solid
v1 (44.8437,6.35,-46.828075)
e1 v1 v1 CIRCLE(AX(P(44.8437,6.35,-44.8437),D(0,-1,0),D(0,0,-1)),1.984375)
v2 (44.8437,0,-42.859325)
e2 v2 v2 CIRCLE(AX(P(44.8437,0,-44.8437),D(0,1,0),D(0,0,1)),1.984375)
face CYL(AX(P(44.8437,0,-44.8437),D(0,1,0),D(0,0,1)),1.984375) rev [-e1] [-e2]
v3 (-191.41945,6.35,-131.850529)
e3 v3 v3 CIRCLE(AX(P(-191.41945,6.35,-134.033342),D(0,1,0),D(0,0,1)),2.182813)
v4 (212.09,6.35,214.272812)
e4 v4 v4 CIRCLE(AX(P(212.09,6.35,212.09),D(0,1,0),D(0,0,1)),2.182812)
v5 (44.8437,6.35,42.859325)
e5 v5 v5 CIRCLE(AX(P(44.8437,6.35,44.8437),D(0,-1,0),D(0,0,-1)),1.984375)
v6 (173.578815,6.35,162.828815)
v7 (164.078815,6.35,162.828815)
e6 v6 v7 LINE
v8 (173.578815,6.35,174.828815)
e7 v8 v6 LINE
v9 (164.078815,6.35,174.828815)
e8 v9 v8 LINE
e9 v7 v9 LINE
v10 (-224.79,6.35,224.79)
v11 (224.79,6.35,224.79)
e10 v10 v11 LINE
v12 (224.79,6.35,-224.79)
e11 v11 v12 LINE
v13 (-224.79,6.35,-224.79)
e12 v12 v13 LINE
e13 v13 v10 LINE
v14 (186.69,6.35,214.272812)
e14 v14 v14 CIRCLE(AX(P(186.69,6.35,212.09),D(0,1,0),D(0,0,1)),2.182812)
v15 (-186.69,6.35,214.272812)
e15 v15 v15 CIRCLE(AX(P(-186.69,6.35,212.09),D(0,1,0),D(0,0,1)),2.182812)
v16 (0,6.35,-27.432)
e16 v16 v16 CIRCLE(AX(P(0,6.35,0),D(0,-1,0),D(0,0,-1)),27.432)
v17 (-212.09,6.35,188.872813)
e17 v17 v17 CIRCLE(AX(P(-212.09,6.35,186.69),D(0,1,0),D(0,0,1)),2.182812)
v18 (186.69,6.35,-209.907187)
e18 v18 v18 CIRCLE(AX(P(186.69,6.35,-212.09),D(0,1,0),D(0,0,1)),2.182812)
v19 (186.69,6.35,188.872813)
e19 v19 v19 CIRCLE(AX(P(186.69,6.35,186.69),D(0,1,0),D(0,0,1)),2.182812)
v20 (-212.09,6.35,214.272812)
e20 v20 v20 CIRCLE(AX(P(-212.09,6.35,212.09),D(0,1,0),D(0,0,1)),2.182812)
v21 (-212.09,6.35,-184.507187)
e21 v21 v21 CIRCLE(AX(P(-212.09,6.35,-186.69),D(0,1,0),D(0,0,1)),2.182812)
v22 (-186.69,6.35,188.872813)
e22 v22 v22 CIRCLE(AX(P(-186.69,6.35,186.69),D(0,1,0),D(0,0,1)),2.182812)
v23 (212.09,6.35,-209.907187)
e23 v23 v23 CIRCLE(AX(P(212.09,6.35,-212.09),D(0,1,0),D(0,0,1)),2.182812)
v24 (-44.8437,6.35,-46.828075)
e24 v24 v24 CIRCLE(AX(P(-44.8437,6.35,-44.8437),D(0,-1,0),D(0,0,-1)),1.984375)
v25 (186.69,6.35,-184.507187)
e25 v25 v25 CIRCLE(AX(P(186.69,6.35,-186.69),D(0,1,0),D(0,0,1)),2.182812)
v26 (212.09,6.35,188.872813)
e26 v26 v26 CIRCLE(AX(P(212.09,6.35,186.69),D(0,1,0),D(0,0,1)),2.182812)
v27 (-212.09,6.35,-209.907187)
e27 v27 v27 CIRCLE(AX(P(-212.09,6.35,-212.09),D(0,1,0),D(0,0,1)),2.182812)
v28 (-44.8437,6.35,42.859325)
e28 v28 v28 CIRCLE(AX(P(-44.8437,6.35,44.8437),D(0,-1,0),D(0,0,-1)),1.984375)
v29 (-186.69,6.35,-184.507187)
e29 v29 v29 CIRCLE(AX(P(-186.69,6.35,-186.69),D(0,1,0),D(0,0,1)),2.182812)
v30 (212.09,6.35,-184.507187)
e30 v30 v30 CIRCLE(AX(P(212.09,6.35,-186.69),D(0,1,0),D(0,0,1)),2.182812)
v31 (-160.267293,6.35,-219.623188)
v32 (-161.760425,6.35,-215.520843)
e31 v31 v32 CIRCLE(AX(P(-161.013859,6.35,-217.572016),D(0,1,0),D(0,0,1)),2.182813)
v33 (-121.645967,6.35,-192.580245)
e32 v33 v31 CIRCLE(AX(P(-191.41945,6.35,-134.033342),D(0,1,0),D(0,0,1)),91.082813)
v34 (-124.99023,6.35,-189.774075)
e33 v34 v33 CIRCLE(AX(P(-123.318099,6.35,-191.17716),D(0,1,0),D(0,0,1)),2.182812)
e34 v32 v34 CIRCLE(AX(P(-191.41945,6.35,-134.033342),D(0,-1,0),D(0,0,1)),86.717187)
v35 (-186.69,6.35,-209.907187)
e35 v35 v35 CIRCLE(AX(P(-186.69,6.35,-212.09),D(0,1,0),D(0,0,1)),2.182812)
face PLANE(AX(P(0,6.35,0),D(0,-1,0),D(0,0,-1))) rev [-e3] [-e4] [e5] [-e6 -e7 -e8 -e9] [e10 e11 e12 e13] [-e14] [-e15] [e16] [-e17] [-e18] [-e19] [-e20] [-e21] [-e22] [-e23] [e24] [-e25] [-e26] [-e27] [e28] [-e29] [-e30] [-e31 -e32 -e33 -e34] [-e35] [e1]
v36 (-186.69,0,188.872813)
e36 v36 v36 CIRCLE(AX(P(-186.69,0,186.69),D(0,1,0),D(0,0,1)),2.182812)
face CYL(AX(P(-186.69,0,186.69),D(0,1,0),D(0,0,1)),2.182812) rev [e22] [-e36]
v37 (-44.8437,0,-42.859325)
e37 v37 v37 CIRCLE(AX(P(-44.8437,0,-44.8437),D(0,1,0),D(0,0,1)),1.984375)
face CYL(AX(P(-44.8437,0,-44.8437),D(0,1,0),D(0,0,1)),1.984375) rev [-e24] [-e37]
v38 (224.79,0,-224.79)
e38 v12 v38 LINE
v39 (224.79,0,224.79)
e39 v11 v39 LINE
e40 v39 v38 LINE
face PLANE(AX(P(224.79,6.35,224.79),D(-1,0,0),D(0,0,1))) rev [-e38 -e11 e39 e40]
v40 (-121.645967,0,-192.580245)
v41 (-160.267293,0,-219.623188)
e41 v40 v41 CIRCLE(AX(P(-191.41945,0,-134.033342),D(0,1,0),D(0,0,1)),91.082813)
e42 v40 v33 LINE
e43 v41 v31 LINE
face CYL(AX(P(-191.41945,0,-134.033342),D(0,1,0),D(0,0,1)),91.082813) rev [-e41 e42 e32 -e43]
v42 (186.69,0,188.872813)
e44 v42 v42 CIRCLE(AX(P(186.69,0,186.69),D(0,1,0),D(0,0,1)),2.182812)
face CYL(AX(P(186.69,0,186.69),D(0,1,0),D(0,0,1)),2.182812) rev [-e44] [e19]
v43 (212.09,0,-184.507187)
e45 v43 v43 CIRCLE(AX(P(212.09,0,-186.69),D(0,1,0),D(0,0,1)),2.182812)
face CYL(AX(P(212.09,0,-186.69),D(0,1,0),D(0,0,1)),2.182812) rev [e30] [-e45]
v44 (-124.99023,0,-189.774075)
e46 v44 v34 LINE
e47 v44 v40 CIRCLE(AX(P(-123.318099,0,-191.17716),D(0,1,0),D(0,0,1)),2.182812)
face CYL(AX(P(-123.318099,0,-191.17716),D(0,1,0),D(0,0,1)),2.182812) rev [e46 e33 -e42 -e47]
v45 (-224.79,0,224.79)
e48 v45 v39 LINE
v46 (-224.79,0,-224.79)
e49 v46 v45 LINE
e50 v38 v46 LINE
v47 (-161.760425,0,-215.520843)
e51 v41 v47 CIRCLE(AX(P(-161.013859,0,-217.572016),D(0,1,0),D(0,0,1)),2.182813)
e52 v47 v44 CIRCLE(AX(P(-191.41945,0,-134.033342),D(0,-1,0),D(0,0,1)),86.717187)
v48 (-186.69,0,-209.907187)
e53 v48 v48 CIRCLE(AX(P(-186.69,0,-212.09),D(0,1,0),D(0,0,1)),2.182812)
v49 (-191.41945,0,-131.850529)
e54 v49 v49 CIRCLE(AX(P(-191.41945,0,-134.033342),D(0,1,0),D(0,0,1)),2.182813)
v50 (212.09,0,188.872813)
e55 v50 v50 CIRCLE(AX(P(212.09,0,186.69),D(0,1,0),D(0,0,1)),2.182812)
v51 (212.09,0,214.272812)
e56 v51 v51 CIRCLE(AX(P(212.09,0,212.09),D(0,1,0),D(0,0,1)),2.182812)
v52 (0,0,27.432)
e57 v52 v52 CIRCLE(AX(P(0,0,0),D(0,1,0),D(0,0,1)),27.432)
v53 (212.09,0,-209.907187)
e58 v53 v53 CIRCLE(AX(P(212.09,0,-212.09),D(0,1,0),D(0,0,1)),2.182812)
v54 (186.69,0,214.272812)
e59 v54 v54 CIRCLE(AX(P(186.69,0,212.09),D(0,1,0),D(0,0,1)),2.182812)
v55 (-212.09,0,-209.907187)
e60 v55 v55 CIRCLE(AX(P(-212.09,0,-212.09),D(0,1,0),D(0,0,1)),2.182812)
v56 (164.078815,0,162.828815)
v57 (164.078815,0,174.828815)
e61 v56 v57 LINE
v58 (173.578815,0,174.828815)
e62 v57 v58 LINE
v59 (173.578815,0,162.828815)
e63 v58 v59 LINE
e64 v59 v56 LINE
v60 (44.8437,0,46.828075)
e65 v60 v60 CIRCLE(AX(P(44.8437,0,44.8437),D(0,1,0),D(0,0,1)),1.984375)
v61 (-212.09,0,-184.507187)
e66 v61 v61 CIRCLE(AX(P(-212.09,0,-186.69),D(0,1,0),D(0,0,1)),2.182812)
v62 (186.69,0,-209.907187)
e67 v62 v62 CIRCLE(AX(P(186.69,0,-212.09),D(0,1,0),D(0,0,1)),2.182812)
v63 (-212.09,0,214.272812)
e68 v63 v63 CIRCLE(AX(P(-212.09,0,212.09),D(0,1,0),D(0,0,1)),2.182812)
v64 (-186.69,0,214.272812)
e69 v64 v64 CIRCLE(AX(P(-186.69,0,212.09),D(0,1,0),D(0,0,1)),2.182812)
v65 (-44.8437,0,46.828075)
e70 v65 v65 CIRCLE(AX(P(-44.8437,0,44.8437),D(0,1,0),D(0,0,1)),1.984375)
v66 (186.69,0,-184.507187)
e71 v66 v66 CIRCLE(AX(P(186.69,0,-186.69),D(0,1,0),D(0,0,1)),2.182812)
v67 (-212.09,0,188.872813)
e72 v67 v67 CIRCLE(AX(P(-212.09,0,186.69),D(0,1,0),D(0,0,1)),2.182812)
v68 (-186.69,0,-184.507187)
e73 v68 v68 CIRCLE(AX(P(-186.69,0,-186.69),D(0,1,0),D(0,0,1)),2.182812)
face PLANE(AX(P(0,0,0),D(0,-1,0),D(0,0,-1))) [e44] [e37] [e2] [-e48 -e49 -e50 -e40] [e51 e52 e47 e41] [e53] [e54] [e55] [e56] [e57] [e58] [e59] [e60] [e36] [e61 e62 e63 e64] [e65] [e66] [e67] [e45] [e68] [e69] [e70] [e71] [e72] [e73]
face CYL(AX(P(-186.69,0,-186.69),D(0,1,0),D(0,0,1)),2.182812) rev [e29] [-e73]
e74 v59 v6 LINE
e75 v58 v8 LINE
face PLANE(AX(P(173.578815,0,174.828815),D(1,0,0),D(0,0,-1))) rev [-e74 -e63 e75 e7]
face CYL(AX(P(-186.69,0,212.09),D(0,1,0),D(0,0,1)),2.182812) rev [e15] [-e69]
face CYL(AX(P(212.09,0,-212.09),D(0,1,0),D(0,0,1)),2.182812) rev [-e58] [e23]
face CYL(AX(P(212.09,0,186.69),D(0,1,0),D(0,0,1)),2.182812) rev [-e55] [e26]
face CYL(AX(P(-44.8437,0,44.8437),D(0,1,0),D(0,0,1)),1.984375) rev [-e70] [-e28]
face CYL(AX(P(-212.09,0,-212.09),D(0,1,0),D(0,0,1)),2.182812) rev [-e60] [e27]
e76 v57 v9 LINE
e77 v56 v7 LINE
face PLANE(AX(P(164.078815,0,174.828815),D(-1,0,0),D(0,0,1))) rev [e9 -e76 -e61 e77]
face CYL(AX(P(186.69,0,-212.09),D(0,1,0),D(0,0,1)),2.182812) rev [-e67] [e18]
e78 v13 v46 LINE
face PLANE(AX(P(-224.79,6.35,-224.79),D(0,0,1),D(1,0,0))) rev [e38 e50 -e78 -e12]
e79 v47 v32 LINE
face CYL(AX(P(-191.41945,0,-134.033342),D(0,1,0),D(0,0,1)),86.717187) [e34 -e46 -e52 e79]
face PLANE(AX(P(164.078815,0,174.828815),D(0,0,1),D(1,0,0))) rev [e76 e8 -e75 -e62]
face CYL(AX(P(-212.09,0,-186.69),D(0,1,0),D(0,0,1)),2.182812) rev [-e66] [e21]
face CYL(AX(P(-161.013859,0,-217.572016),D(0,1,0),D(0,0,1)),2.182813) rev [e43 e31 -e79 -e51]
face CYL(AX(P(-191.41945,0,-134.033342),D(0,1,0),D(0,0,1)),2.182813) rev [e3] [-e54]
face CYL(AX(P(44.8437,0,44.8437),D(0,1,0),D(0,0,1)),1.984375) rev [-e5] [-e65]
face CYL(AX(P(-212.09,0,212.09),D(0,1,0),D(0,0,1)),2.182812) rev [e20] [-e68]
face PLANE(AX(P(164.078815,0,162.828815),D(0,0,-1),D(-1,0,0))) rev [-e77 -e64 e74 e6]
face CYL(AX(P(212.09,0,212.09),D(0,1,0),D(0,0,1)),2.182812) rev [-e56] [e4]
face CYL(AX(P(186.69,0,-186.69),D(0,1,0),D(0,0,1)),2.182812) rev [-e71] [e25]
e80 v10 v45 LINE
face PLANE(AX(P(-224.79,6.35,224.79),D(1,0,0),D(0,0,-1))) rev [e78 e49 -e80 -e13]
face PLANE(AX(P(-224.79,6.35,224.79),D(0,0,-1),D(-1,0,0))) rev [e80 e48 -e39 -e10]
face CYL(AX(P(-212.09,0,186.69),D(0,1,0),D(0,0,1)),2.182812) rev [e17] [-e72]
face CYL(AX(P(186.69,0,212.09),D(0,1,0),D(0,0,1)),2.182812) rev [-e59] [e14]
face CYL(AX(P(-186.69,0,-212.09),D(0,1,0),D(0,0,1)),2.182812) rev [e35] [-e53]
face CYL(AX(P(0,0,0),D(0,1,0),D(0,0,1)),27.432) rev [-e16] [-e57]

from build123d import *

# Parameters (mm, degrees)
SKETCH1_W               = 449.58
SKETCH1_H               = 449.58
BOSS_EXTRUDE1_DEPTH     = 6.35
CUT_EXTRUDE1_DEPTH      = 318.964480249
CUT_EXTRUDE1_DEPTH_BACK = 318.964480249
SKETCH2_R               = 1.984375
SKETCH2_R_2             = 27.432
SKETCH3_W               = 9.5
SKETCH3_H               = 12
CUT_EXTRUDE2_DEPTH      = 318.964480249
SKETCH4_R               = 2.1828125
CUT_EXTRUDE3_DEPTH      = 318.964480249
SKETCH5_R               = 2.1828125
CUT_EXTRUDE4_DEPTH      = 318.964480249


with BuildPart() as part:
    # Sketch1 → Boss-Extrude1 (new body)
    with BuildSketch(Plane(origin=(0, 0, 0), x_dir=(1, 0, 0), z_dir=(0, 1, 0))):
        Rectangle(SKETCH1_W, SKETCH1_H)
    extrude(amount=BOSS_EXTRUDE1_DEPTH)

    # Sketch2 → Cut-Extrude1 (cut, two sides: drawn at the far end of the back side and taken through both)
    with BuildSketch(Plane(origin=(0, 6.35, 0), x_dir=(1, 0, 0), z_dir=(0, 1, 0)).offset(-CUT_EXTRUDE1_DEPTH_BACK)):
        with Locations(Location((-44.8437, 44.8437, 0), (0, 0, 270))):
            Circle(SKETCH2_R)
        with Locations(Location((44.8437, 44.8437, 0), (0, 0, 270))):
            Circle(SKETCH2_R)
        with Locations(Location((-44.8437, -44.8437, 0), (0, 0, 270))):
            Circle(SKETCH2_R)
        with Locations(Location((44.8437, -44.8437, 0), (0, 0, 270))):
            Circle(SKETCH2_R)
        with Locations(Location((0, 0, 0), (0, 0, 270))):
            Circle(SKETCH2_R_2)
    extrude(amount=CUT_EXTRUDE1_DEPTH + CUT_EXTRUDE1_DEPTH_BACK, mode=Mode.SUBTRACT)

    # Sketch3 → Cut-Extrude2 (cut, through all)
    with BuildSketch(Plane(origin=(0, 6.35, 0), x_dir=(1, 0, 0), z_dir=(0, 1, 0))):
        with Locations((168.828815076, -168.828815076)):
            Rectangle(SKETCH3_W, SKETCH3_H)
    extrude(amount=-CUT_EXTRUDE2_DEPTH, mode=Mode.SUBTRACT)

    # Sketch4 → Cut-Extrude3 (cut, through all)
    with BuildSketch(Plane(origin=(0, 6.35, 0), x_dir=(1, 0, 0), z_dir=(0, 1, 0))):
        with Locations(Location((-212.09, 212.09, 0), (0, 0, 270))):
            Circle(SKETCH4_R)
        with Locations(Location((-186.69, 212.09, 0), (0, 0, 270))):
            Circle(SKETCH4_R)
        with Locations(Location((-212.09, 186.69, 0), (0, 0, 270))):
            Circle(SKETCH4_R)
        with Locations(Location((-186.69, 186.69, 0), (0, 0, 270))):
            Circle(SKETCH4_R)
        with Locations(Location((186.69, 212.09, 0), (0, 0, 270))):
            Circle(SKETCH4_R)
        with Locations(Location((186.69, 186.69, 0), (0, 0, 270))):
            Circle(SKETCH4_R)
        with Locations(Location((212.09, 186.69, 0), (0, 0, 270))):
            Circle(SKETCH4_R)
        with Locations(Location((212.09, 212.09, 0), (0, 0, 270))):
            Circle(SKETCH4_R)
        with Locations(Location((186.69, -186.69, 0), (0, 0, 270))):
            Circle(SKETCH4_R)
        with Locations(Location((212.09, -186.69, 0), (0, 0, 270))):
            Circle(SKETCH4_R)
        with Locations(Location((212.09, -212.09, 0), (0, 0, 270))):
            Circle(SKETCH4_R)
        with Locations(Location((186.69, -212.09, 0), (0, 0, 270))):
            Circle(SKETCH4_R)
        with Locations(Location((-212.09, -186.69, 0), (0, 0, 270))):
            Circle(SKETCH4_R)
        with Locations(Location((-186.69, -186.69, 0), (0, 0, 270))):
            Circle(SKETCH4_R)
        with Locations(Location((-186.69, -212.09, 0), (0, 0, 270))):
            Circle(SKETCH4_R)
        with Locations(Location((-212.09, -212.09, 0), (0, 0, 270))):
            Circle(SKETCH4_R)
    extrude(amount=-CUT_EXTRUDE3_DEPTH, mode=Mode.SUBTRACT)

    # Sketch5 → Cut-Extrude4 (cut, through all)
    with BuildSketch(Plane(origin=(0, 6.35, 0), x_dir=(1, 0, 0), z_dir=(0, 1, 0))):
        with Locations(Location((-191.419449709, 134.033341647, 0), (0, 0, 270))):
            Circle(SKETCH5_R)
        with BuildLine():
            ThreePointArc((-121.64596733, 192.580244977), (-139.176494703, 208.644013705), (-160.267293124, 219.623188433))
            ThreePointArc((-160.267293124, 219.623188433), (-163.065031767, 218.318581478), (-161.760424812, 215.520842836))
            ThreePointArc((-161.760424812, 215.520842836), (-141.680514333, 205.067903062), (-124.990230102, 189.774075318))
            ThreePointArc((-124.990230102, 189.774075318), (-121.915013887, 189.505028762), (-121.64596733, 192.580244977))
        make_face()
    extrude(amount=-CUT_EXTRUDE4_DEPTH, mode=Mode.SUBTRACT)


solid = part.part
